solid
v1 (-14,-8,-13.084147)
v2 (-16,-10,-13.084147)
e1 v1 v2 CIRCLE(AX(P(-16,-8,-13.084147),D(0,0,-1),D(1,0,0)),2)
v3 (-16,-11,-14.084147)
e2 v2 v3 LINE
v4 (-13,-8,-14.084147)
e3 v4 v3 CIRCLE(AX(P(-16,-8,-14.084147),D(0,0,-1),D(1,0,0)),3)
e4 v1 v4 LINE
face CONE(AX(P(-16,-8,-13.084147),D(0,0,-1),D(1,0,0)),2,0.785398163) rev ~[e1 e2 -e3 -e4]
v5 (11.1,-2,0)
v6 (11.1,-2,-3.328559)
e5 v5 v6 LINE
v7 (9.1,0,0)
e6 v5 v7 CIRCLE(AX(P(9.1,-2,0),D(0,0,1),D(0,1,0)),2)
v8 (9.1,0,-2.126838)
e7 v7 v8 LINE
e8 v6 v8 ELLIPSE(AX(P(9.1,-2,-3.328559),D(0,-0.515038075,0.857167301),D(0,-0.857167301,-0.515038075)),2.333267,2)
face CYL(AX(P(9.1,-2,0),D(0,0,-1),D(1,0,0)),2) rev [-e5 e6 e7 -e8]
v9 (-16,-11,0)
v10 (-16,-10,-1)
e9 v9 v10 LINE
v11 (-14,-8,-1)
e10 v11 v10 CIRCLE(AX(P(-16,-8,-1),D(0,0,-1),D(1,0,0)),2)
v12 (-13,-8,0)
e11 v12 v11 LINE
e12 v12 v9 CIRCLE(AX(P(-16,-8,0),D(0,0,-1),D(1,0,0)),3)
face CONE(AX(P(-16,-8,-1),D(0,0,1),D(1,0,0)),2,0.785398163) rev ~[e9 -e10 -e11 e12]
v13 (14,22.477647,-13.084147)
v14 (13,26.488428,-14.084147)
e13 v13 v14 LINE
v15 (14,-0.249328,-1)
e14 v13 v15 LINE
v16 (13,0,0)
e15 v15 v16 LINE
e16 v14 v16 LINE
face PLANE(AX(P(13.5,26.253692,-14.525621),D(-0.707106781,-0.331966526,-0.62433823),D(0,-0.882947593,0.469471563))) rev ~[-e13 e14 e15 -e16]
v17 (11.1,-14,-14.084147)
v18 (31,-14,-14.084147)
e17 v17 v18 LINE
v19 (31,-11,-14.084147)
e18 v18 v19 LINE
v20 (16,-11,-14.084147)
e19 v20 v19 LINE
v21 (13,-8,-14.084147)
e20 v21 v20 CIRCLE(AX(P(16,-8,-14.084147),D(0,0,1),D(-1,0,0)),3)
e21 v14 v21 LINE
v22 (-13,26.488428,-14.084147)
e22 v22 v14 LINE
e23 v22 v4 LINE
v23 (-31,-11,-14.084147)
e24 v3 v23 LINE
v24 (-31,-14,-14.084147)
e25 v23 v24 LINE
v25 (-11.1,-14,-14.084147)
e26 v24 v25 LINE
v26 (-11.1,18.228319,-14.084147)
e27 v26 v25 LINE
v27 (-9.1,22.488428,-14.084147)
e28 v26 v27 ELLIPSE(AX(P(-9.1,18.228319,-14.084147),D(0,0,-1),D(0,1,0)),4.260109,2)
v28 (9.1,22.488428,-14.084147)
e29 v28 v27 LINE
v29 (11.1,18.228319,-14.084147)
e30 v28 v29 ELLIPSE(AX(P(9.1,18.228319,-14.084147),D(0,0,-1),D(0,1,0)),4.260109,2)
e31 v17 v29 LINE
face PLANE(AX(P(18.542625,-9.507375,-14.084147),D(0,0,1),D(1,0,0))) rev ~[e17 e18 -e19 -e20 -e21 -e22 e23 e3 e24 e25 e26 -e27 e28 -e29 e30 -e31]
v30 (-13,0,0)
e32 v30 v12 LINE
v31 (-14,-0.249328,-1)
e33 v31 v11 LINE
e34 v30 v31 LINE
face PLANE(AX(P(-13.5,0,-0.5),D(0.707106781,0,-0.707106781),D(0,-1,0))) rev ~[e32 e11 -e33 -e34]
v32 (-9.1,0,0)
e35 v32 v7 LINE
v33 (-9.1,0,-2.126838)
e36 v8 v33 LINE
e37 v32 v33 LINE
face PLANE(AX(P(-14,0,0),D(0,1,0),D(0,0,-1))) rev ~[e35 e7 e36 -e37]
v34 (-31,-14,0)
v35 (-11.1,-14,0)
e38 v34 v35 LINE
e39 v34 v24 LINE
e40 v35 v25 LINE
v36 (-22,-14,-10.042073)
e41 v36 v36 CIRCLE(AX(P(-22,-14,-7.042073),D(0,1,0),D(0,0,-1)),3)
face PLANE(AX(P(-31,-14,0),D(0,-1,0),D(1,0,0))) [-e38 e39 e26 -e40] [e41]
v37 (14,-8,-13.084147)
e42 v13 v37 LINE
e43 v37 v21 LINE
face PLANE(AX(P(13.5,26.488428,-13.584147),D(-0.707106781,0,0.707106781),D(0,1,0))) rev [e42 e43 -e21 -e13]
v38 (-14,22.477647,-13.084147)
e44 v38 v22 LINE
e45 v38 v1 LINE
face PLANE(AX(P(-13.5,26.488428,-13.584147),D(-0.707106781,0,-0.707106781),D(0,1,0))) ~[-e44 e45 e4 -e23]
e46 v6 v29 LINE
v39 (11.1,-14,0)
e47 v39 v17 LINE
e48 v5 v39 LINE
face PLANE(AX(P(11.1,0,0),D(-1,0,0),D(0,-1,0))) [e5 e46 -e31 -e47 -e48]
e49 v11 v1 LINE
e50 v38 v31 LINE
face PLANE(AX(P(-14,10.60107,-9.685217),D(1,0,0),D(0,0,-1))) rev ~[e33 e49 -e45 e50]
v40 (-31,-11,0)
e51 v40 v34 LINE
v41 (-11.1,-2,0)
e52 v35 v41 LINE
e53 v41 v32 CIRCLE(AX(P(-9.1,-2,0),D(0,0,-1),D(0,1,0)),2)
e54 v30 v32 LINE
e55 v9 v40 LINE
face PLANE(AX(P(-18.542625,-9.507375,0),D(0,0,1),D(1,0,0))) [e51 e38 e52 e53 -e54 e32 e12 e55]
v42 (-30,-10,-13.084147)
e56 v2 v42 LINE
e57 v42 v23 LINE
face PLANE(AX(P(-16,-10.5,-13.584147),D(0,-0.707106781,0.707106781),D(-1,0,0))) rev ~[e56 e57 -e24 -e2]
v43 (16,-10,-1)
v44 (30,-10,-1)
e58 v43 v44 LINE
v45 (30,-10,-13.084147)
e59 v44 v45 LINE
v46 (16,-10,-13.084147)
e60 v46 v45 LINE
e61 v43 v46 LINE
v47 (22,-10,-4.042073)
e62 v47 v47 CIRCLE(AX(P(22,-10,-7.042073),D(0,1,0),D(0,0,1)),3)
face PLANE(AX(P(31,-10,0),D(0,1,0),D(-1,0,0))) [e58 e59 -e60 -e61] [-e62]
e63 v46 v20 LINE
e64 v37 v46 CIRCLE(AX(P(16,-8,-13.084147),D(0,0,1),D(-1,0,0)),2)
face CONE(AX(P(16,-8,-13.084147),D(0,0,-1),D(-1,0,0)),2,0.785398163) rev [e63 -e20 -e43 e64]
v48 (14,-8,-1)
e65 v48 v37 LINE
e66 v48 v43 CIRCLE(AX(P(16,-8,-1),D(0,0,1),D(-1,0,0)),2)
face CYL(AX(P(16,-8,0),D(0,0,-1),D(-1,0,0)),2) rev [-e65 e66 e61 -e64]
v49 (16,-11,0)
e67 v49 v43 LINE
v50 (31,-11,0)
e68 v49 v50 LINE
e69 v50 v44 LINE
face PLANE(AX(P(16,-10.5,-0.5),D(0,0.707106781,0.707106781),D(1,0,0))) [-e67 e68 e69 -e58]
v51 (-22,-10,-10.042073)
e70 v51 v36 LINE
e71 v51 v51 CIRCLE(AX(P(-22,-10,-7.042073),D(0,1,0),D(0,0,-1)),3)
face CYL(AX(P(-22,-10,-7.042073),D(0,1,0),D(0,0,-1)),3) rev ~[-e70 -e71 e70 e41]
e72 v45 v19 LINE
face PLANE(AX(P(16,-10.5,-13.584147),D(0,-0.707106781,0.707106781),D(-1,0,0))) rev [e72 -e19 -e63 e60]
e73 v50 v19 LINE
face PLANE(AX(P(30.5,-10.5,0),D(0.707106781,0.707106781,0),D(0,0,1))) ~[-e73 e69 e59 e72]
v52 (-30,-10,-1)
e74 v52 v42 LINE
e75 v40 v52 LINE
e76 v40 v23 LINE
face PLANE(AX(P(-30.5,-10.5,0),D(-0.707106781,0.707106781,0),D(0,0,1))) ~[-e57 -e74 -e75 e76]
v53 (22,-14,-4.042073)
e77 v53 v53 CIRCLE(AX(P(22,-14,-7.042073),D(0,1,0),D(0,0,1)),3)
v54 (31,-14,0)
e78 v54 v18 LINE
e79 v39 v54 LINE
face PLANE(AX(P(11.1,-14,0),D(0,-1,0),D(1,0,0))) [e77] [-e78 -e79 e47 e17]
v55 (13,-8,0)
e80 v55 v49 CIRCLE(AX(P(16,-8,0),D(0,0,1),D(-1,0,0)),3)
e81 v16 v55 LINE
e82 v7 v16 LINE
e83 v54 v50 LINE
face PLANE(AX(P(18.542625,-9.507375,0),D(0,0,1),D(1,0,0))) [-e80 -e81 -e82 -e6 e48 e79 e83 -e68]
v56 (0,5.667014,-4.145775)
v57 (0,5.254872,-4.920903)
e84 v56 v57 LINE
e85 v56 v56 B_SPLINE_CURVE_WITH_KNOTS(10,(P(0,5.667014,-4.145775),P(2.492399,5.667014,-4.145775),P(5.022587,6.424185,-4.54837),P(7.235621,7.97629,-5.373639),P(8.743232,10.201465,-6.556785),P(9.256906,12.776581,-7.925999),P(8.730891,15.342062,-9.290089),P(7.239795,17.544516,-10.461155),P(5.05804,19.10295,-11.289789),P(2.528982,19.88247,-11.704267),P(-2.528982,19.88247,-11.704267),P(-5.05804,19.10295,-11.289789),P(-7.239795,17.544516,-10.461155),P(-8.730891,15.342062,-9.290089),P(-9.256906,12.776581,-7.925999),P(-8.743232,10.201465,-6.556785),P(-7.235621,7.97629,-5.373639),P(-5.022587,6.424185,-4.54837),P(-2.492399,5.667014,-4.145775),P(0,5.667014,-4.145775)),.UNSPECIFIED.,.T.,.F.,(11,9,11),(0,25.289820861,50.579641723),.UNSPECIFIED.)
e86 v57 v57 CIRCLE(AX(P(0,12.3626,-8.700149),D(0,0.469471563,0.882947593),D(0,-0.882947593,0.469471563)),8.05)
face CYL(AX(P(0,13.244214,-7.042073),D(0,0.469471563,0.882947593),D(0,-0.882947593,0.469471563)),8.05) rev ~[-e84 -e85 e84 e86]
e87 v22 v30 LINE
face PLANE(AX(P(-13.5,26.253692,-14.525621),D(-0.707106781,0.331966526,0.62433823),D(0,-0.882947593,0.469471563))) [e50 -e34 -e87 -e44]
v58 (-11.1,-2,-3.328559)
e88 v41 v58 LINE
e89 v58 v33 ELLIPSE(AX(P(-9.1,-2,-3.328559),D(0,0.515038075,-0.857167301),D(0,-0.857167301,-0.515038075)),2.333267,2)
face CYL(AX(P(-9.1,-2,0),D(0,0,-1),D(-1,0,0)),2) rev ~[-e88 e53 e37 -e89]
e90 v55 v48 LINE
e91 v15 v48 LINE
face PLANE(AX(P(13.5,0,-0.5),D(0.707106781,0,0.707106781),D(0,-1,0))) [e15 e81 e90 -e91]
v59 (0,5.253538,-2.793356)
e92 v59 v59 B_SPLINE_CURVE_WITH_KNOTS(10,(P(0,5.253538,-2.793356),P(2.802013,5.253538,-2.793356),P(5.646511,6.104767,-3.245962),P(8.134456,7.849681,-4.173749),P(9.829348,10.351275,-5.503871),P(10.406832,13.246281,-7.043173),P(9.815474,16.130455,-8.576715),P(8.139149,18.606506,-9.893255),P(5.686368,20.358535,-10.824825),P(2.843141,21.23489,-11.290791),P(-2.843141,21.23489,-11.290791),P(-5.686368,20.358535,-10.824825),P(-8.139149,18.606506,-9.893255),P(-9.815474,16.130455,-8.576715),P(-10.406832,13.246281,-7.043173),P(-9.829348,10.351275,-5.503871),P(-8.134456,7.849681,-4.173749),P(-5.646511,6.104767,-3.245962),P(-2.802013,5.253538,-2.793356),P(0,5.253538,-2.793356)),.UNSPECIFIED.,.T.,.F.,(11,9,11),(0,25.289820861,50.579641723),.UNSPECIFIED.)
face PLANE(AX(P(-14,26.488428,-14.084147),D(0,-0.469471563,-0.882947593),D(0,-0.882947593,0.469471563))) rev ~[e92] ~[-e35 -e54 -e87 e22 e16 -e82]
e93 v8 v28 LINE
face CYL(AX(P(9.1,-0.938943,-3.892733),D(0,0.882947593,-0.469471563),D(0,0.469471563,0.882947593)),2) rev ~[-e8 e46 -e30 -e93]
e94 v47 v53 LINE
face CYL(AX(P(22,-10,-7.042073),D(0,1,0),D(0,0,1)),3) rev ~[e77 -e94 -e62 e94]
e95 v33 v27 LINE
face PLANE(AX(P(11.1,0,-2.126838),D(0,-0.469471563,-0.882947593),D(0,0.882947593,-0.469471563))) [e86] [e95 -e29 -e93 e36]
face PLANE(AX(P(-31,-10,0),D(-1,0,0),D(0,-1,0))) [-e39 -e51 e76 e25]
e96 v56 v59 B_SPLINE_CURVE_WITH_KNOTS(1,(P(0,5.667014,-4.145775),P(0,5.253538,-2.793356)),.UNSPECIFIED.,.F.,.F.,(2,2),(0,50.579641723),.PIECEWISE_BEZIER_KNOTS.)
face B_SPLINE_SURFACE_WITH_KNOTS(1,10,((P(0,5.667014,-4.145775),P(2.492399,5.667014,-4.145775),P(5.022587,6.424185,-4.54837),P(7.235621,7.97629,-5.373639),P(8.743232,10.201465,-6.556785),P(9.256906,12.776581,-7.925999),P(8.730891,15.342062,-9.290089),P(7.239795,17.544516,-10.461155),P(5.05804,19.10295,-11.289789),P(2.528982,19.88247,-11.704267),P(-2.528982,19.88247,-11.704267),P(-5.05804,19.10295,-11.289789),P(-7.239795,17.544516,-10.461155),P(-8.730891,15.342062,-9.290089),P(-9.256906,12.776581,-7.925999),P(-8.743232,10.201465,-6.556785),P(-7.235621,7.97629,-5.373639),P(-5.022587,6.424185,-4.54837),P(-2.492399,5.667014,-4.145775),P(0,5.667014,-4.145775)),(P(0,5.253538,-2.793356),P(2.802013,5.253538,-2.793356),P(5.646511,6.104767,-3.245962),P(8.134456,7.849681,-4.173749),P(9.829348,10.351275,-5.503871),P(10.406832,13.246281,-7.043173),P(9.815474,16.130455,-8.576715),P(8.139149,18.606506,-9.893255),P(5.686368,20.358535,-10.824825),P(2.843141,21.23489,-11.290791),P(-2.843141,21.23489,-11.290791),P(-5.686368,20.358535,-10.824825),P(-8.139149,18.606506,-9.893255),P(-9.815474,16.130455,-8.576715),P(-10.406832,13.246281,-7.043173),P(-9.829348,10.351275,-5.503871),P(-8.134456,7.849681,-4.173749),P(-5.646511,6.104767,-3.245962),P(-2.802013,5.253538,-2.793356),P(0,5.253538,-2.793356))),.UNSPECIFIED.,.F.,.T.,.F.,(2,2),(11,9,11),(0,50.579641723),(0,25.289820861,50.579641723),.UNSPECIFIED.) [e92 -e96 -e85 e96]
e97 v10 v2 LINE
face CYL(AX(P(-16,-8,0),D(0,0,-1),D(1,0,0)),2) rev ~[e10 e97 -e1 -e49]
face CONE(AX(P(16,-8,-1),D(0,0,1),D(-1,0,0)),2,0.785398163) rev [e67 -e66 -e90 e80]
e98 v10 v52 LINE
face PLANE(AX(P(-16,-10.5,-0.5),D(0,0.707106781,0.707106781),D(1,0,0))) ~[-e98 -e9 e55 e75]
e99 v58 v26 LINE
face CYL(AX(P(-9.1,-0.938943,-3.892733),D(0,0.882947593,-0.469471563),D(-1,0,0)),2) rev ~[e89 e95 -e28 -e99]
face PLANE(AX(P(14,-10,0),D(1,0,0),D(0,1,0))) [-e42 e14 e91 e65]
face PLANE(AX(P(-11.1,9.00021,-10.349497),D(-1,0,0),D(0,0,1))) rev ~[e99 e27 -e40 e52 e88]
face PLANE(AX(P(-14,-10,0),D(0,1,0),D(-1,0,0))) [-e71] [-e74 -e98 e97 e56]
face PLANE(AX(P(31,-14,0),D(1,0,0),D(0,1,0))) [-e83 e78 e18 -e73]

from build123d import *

# Parameters (mm, degrees)
BOSS_EXTRUDE1_DEPTH      = 14
BOSS_EXTRUDE1_DEPTH_BACK = 14
BOSS_EXTRUDE3_DEPTH      = 14.084146884
CUT_EXTRUDE1_START       = 11.1
CUT_EXTRUDE1_DEPTH       = 22.2
SKETCH7_R                = 8.05
CUT_EXTRUDE2_DEPTH       = 3
SKETCH8_R                = 3
CUT_EXTRUDE4_DEPTH       = 50.90760018
FILLET4_R                = 2
CHAMFER6_SIZE            = 1


with BuildPart() as part:
    # Sketch1 → Boss-Extrude1 (new, two sides: drawn at the far end of the back side and taken through both)
    with BuildSketch(Plane(origin=(0, 0, 0), x_dir=(0, 0, -1), z_dir=(1, 0, 0)).offset(-BOSS_EXTRUDE1_DEPTH_BACK)):
        Polygon((0, 0), (14.084146884, 0), (14.084146884, 26.488427786), align=None)
    extrude(amount=BOSS_EXTRUDE1_DEPTH + BOSS_EXTRUDE1_DEPTH_BACK)

    # Sketch5 → Boss-Extrude3 (add)
    with BuildSketch(Plane.XY):
        Polygon((14, -10), (14, 0), (11.1, 0), (11.1, -14), (31, -14), (31, -10), align=None)
        Polygon((-14, 0), (-14, -10), (-31, -10), (-31, -14), (-11.1, -14), (-11.1, 0), align=None)
    extrude(amount=-BOSS_EXTRUDE3_DEPTH)

    # Sketch6 → Cut-Extrude1 (cut)
    with BuildSketch(Plane(origin=(0, 0, 0), x_dir=(0, 0, -1), z_dir=(1, 0, 0)).offset(CUT_EXTRUDE1_START)):
        Polygon((14.084146884, 0), (2.126837727, 0), (14.084146884, 22.488427786), align=None)
    extrude(amount=-CUT_EXTRUDE1_DEPTH, mode=Mode.SUBTRACT)

    # Sketch7 → Cut-Extrude2 (cut)
    with BuildSketch(Plane(origin=(0, 0, 0), x_dir=(1, 0, 0), z_dir=(0, 0.4694715627858856, 0.8829475928589298))):
        with Locations(Location((0, 15, 0), (0, 0, 270))):
            Circle(SKETCH7_R)
    extrude(amount=-CUT_EXTRUDE2_DEPTH, mode=Mode.SUBTRACT)

    # Sketch8 → Cut-Extrude4 (cut, through all)
    with BuildSketch(Plane(origin=(0, -10, 0), x_dir=(1, 0, 0), z_dir=(0, 1, 0))):
        with Locations(Location((22, 7.042073442, 0), (0, 0, 270))):
            Circle(SKETCH8_R)
        with Locations(Location((-22, 7.042073442, 0), (0, 0, 90))):
            Circle(SKETCH8_R)
    extrude(amount=-CUT_EXTRUDE4_DEPTH, mode=Mode.SUBTRACT)

    # Fillet4
    fillet4_edges = [part.edges().sort_by_distance(p)[0] for p in [
        (14, -10, -7.042073442),
        (-14, -10, -7.042073442),
        (-11.1, 0, -1.063418863),
        (11.1, 0, -1.063418863),
        (11.1, 11.244213893, -8.105492305),
        (-11.1, 11.244213893, -8.105492305),
    ]]
    fillet(fillet4_edges, radius=FILLET4_R)

    # Chamfer6
    chamfer6_edges = [part.edges().sort_by_distance(p)[0] for p in [
        (14, 13.244213893, -7.042073442),
        (14.585786438, -9.414213562, 0),
        (14.585786438, -9.414213562, -14.084146884),
        (-14.585786438, -9.414213562, 0),
        (-14.585786438, -9.414213562, -14.084146884),
        (31, -10, -7.042073442),
        (14, -4, 0),
        (-31, -10, -7.042073442),
        (-14, -4, 0),
        (-14, 13.244213893, -7.042073442),
        (0, 20.351942015, -10.821319522),
        (23.5, -10, -14.084146884),
        (23.5, -10, 0),
        (14, 13.244213893, -14.084146884),
        (-14, 13.244213893, -14.084146884),
        (-23.5, -10, -14.084146884),
        (-23.5, -10, 0),
    ]]
    chamfer(chamfer6_edges, length=CHAMFER6_SIZE)


solid = part.part
